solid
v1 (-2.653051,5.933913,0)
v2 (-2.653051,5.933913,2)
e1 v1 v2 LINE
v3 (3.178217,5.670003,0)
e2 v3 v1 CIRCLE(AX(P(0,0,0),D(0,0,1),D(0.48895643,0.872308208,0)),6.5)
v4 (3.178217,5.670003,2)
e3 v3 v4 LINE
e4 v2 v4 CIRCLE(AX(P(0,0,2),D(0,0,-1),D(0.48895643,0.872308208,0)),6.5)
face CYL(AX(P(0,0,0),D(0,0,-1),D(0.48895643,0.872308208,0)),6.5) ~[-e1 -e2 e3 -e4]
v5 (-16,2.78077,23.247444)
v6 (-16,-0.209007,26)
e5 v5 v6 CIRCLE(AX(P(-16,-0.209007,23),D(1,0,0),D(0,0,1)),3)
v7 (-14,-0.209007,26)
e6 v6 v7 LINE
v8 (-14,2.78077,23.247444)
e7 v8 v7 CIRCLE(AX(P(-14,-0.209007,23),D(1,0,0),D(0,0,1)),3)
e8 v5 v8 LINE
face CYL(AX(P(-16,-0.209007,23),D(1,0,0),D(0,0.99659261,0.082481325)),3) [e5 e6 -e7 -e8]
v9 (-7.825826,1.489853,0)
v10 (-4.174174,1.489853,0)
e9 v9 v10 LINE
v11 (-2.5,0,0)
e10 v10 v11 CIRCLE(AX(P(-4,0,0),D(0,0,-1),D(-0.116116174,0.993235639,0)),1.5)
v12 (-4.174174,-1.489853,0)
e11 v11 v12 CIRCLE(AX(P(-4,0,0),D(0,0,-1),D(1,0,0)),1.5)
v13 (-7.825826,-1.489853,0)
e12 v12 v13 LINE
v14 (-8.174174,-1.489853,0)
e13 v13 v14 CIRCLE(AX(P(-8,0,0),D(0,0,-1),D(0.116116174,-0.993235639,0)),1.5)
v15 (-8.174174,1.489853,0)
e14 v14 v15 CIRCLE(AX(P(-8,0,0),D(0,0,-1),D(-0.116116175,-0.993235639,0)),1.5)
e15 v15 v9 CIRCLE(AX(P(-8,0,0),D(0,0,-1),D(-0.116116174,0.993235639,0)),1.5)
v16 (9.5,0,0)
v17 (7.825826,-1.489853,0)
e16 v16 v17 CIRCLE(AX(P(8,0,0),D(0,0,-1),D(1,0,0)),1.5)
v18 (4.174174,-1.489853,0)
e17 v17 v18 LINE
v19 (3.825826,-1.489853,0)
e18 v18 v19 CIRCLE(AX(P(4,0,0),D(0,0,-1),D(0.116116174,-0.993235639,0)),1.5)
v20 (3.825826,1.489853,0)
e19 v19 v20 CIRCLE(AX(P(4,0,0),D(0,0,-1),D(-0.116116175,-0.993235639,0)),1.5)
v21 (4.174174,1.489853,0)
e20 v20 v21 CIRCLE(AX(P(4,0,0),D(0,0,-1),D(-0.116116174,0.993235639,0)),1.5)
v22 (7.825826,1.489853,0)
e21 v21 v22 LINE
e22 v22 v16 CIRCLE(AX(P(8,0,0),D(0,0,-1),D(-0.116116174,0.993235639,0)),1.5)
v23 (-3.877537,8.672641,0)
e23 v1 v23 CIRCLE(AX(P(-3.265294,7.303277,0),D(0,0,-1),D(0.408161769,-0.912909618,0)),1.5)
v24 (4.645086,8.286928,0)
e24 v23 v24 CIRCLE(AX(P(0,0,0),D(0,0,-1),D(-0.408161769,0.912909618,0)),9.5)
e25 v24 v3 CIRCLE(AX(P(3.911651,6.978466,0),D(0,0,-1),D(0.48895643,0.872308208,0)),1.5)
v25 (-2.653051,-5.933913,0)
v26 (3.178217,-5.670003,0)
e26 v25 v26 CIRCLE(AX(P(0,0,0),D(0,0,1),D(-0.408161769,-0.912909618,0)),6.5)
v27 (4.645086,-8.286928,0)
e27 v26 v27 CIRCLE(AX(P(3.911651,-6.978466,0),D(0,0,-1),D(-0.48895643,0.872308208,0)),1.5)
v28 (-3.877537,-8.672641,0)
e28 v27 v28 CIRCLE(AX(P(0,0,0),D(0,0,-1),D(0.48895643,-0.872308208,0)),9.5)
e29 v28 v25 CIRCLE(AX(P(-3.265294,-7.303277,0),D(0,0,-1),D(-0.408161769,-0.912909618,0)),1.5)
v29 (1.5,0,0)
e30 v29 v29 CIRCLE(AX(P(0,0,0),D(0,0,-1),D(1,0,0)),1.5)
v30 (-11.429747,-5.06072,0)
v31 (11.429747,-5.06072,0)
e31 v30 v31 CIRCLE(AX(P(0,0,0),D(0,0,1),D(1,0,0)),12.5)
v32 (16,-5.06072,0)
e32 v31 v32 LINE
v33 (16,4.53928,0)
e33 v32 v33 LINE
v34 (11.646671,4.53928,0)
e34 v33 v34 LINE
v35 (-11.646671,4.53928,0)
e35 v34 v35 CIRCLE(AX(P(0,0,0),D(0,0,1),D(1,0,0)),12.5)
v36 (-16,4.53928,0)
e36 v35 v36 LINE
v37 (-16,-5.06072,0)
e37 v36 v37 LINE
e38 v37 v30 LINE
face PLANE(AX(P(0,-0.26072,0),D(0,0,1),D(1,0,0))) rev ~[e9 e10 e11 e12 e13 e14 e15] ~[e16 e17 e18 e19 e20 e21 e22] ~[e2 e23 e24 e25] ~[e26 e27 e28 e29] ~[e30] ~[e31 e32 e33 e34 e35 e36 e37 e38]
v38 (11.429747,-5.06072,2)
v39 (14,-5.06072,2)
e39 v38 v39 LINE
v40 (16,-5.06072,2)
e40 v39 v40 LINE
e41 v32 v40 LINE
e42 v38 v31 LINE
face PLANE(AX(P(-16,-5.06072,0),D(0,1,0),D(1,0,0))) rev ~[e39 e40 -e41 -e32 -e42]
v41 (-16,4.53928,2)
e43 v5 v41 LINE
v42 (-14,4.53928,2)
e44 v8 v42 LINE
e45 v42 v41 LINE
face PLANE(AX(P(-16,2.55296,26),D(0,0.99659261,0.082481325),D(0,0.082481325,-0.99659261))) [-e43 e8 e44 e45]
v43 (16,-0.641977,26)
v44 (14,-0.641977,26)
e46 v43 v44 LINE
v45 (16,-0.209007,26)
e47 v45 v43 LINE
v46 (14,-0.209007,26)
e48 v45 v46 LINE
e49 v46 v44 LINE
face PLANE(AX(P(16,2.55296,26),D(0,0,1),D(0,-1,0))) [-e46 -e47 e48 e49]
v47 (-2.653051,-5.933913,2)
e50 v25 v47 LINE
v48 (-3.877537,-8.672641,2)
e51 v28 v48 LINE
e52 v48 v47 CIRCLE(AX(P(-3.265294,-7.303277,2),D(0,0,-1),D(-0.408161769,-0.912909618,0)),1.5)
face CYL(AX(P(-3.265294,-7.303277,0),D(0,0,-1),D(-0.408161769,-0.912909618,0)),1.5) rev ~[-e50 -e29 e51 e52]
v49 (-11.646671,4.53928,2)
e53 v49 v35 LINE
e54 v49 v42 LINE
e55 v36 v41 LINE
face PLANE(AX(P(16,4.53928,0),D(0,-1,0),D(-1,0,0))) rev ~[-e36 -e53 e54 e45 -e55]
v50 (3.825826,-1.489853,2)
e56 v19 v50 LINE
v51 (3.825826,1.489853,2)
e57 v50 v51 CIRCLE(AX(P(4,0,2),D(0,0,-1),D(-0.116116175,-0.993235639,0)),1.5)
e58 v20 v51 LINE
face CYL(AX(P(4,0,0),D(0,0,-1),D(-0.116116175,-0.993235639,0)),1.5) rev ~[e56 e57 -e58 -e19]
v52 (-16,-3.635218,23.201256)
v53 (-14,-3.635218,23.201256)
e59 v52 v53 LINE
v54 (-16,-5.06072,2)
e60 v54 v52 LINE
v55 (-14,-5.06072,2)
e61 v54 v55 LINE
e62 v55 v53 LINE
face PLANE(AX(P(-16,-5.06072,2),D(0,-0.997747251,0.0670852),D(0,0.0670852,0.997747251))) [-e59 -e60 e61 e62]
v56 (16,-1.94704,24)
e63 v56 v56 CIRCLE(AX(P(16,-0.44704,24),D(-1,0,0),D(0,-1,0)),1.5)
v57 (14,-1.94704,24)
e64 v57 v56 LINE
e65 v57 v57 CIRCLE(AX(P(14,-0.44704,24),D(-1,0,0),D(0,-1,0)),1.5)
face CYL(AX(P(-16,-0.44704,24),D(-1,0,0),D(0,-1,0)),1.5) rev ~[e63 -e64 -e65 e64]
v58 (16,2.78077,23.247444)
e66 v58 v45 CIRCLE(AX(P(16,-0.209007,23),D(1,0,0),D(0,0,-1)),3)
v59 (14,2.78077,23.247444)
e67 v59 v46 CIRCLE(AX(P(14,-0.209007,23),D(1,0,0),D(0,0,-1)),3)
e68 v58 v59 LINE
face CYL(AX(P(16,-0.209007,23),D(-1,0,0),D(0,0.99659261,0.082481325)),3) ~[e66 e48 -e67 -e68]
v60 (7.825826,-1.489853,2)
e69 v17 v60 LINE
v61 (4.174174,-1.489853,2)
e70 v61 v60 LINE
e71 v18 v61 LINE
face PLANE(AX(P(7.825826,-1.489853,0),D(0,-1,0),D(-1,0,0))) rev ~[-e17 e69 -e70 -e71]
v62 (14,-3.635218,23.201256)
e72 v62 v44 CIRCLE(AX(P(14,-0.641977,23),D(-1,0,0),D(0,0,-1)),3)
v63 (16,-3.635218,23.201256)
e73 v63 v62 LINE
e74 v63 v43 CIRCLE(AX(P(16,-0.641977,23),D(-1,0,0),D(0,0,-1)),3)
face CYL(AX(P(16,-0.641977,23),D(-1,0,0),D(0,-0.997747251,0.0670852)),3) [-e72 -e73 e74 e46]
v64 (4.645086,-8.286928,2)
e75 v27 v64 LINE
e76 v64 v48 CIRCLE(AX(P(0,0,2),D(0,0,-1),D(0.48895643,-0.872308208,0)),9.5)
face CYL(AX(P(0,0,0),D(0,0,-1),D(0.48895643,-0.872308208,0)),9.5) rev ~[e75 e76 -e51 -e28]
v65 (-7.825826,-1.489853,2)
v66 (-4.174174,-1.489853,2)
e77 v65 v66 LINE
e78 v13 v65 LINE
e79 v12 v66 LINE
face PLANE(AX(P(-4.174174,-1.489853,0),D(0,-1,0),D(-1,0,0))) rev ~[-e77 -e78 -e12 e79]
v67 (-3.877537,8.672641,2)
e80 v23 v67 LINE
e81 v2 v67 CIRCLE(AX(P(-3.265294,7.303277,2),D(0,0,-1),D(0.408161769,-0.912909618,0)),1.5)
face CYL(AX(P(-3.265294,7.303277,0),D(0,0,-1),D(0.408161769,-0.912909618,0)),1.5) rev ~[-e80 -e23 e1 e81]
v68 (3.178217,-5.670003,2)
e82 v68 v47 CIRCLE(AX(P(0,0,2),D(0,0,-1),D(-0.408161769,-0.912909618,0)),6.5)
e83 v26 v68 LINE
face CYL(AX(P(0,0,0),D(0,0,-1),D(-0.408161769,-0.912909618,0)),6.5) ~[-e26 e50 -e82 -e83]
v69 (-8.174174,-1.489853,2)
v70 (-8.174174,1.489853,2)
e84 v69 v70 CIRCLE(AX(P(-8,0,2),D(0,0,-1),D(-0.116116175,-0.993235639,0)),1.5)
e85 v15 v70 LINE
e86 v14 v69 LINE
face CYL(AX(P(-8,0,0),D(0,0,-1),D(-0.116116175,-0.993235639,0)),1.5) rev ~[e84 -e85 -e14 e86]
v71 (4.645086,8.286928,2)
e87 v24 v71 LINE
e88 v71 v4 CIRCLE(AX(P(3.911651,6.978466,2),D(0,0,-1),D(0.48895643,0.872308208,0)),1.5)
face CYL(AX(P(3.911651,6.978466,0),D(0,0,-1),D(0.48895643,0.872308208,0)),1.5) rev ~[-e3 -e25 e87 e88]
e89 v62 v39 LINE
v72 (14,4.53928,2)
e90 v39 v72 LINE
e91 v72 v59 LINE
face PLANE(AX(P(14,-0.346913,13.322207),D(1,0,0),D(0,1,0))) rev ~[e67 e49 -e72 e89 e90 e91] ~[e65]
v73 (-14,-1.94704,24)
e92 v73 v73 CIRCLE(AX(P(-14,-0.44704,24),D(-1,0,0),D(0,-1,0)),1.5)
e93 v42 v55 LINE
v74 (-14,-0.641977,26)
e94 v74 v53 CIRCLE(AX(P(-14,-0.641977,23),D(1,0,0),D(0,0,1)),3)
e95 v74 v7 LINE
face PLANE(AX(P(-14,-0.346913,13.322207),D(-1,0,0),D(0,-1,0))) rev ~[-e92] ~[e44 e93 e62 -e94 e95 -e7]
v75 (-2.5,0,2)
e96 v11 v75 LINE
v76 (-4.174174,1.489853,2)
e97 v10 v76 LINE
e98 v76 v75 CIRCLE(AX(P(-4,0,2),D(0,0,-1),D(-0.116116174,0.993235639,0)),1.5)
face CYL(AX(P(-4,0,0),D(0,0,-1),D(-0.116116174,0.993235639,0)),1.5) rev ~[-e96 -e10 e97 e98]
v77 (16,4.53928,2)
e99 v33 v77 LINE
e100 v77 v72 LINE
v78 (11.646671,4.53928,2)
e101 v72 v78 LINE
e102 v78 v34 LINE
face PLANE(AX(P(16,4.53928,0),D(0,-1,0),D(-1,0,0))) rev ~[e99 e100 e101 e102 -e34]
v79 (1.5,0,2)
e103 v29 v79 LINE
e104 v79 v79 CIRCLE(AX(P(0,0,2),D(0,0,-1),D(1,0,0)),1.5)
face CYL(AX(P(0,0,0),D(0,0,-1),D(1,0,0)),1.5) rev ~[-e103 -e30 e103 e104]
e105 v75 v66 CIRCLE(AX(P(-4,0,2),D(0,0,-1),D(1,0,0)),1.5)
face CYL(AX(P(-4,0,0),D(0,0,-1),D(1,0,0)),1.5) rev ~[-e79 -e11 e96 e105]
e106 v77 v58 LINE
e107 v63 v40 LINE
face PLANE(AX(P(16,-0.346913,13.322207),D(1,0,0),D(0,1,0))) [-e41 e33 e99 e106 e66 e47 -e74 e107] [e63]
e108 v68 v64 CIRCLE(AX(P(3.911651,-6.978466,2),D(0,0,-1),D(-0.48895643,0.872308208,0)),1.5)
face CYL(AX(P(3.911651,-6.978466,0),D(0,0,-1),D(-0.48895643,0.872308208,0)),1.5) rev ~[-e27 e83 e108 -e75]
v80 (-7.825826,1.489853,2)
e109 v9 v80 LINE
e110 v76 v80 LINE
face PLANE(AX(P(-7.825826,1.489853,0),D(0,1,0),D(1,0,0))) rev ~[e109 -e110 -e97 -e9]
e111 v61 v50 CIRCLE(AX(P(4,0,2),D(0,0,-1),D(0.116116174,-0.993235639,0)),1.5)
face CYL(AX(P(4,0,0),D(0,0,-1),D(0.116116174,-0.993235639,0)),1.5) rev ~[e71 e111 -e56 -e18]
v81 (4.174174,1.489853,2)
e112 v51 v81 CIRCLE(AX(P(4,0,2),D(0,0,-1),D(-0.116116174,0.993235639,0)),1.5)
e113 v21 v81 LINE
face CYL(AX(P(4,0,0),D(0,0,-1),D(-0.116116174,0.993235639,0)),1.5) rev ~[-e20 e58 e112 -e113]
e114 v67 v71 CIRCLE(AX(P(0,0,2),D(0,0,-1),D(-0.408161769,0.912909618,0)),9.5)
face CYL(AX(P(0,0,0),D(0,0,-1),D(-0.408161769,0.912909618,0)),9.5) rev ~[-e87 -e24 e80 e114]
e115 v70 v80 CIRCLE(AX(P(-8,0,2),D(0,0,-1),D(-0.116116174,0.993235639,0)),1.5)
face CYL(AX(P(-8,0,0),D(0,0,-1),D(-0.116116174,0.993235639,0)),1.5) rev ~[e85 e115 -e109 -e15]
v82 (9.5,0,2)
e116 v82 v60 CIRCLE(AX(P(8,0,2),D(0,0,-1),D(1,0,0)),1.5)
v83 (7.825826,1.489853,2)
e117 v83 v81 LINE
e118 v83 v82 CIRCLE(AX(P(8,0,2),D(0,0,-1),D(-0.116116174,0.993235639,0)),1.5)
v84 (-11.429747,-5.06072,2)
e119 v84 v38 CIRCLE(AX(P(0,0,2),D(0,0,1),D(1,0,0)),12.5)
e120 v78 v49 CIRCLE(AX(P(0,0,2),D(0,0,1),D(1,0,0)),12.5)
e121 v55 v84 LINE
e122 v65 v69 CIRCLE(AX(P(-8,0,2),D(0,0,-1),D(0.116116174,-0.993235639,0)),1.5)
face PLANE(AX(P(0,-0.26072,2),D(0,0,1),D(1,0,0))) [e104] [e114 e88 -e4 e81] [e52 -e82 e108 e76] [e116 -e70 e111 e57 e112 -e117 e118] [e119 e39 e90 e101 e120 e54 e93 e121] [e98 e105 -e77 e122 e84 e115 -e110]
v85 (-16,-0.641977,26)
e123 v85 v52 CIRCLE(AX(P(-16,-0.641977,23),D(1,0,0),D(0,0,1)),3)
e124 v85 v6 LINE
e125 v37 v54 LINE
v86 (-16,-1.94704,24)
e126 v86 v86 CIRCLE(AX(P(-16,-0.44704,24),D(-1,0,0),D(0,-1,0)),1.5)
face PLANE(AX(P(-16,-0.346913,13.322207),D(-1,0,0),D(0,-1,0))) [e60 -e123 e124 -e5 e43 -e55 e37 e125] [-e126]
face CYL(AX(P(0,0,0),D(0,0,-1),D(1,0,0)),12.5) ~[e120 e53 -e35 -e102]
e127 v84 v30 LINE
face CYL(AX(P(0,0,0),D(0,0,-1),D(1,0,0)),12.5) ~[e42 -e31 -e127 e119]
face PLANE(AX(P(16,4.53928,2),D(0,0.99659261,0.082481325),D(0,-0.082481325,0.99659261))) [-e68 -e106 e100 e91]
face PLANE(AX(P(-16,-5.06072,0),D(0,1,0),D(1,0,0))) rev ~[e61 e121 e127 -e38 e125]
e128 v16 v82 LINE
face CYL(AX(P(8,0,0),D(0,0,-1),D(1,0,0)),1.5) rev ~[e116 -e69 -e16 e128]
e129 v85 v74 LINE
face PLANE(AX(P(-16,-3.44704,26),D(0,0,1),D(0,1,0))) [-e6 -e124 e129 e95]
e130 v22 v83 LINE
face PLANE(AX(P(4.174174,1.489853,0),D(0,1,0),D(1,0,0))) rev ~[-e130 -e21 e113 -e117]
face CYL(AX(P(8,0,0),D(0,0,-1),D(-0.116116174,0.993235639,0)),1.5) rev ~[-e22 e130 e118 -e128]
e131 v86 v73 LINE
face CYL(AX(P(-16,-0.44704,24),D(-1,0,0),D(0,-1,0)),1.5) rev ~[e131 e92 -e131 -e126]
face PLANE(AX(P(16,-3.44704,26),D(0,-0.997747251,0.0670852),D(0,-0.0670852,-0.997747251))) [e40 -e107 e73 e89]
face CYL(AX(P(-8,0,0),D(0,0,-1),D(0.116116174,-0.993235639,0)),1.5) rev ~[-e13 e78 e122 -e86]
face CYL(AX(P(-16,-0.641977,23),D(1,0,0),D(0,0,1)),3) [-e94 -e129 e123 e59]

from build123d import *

# Parameters (mm, degrees)
F0_R      = 12.5
F2_DEPTH  = 2
F3_DEPTH  = 2
F6_DEPTH  = 2
F7_DEPTH  = 2
F9_R      = 3
F8_R      = 1.5
F10_DEPTH = 50
F13_DEPTH = 25
F14_R     = 1.5
F15_DEPTH = 4


with BuildPart() as f2:
    # F0 (on Top) → F2 (new body)
    with BuildSketch(Plane.XY):
        Circle(F0_R)
    extrude(amount=F2_DEPTH)

    # F1 (on Top) → F3 (join)
    with BuildSketch(Plane.XY):
        Polygon((-16, 4.5392797553), (-16, 0), (-16, -5.0607202447), (16, -5.0607202447), (16, 4.5392797553), align=None)
    extrude(amount=F3_DEPTH)

    # F4 (on face) → F6 (join)
    with BuildSketch(Plane.YZ.offset(16)):
        Polygon((-3.447040217, 26), (-5.0607202447, 2), (4.5392797553, 2), (2.552959783, 26), align=None)
    extrude(amount=-F6_DEPTH)

    # F5 (on face) → F7 (join)
    with BuildSketch(Plane(origin=(-16, 0, 0), x_dir=(0, -1, 0), z_dir=(-1, 0, 0))):
        Polygon((-2.552959783, 26), (-4.5392797553, 2), (5.0607202447, 2), (3.447040217, 26), align=None)
    extrude(amount=-F7_DEPTH)

    # F9
    f9_edges = [f2.edges().sort_by_distance(p)[0] for p in [
        (-15, 2.55296, 26),
        (-15, -3.44704, 26),
        (15, 2.55296, 26),
        (15, -3.44704, 26),
    ]]
    fillet(f9_edges, radius=F9_R)

    # F8 (on face) → F10 (cut)
    with BuildSketch(Plane(origin=(-16, 0, 0), x_dir=(0, -1, 0), z_dir=(-1, 0, 0))):
        with Locations((0.447040217, 24)):
            Circle(F8_R)
    extrude(amount=-F10_DEPTH, mode=Mode.SUBTRACT)

    # F12 (on face) → F13 (cut)
    with BuildSketch(Plane(origin=(0, 0, 0), x_dir=(1, 0, 0), z_dir=(0, 0, -1))):
        with BuildLine():
            ThreePointArc((-3.8775368017, 8.6726413711), (-4.6346585758, 6.6910342912), (-2.6530514959, 5.933912517))
            ThreePointArc((-2.6530514959, 5.933912517), (0.2938735431, 6.4933533972), (3.1782167937, 5.670003352))
            ThreePointArc((3.1782167937, 5.670003352), (5.2201137504, 6.2450310193), (4.6450860831, 8.286927976))
            ThreePointArc((4.6450860831, 8.286927976), (0.4295074861, 9.4902857343), (-3.8775368017, 8.6726413711))
        make_face()
        with BuildLine():
            ThreePointArc((-2.6530514959, -5.933912517), (-4.6346585758, -6.6910342912), (-3.8775368017, -8.6726413711))
            ThreePointArc((-3.8775368017, -8.6726413711), (0.4295074861, -9.4902857343), (4.6450860831, -8.286927976))
            ThreePointArc((4.6450860831, -8.286927976), (5.2201137504, -6.2450310193), (3.1782167937, -5.670003352))
            ThreePointArc((3.1782167937, -5.670003352), (0.2938735431, -6.4933533972), (-2.6530514959, -5.933912517))
        make_face()
    extrude(amount=-F13_DEPTH, mode=Mode.SUBTRACT)

    # F14 (on face) → F15 (cut)
    with BuildSketch(Plane(origin=(0, 0, 0), x_dir=(1, 0, 0), z_dir=(0, 0, -1))):
        with BuildLine():
            ThreePointArc((-4.1741742618, -1.4898534581), (-3.0028193225, -1.1205492833), (-2.5, 0))
            ThreePointArc((-2.5, 0), (-3.0028193225, 1.1205492833), (-4.1741742618, 1.4898534581))
            Line((-4.1741742618, 1.4898534581), (-4.1741742618, -1.4898534581))
        make_face()
        with BuildLine():
            Line((-4.1741742618, -1.4898534581), (-4.1741742618, 1.4898534581))
            ThreePointArc((-4.1741742618, 1.4898534581), (-5.5, 0), (-4.1741742618, -1.4898534581))
        make_face()
        with BuildLine():
            ThreePointArc((-4.1741742618, -1.4898534581), (-5.5, 0), (-4.1741742618, 1.4898534581))
            Line((-4.1741742618, 1.4898534581), (-7.8258257382, 1.4898534581))
            ThreePointArc((-7.8258257382, 1.4898534581), (-6.8794507167, 0.9971806775), (-6.5, 0))
            ThreePointArc((-6.5, 0), (-6.8794507167, -0.9971806775), (-7.8258257382, -1.4898534581))
            Line((-7.8258257382, -1.4898534581), (-4.1741742618, -1.4898534581))
        make_face()
        with BuildLine():
            Line((-8.1741742618, 1.4898534581), (-7.8258257382, 1.4898534581))
            ThreePointArc((-7.8258257382, 1.4898534581), (-8, 1.5), (-8.1741742618, 1.4898534581))
        make_face()
        with BuildLine():
            ThreePointArc((-6.5, 0), (-6.8794507167, 0.9971806775), (-7.8258257382, 1.4898534581))
            Line((-7.8258257382, 1.4898534581), (-8.1741742618, 1.4898534581))
            Line((-8.1741742618, 1.4898534581), (-8.1741742618, -1.4898534581))
            Line((-8.1741742618, -1.4898534581), (-7.8258257382, -1.4898534581))
            ThreePointArc((-7.8258257382, -1.4898534581), (-6.8794507167, -0.9971806775), (-6.5, 0))
        make_face()
        with BuildLine():
            ThreePointArc((-8.1741742618, -1.4898534581), (-8, -1.5), (-7.8258257382, -1.4898534581))
            Line((-7.8258257382, -1.4898534581), (-8.1741742618, -1.4898534581))
        make_face()
        with BuildLine():
            Line((-8.1741742618, -1.4898534581), (-8.1741742618, 1.4898534581))
            ThreePointArc((-8.1741742618, 1.4898534581), (-9.5, 0), (-8.1741742618, -1.4898534581))
        make_face()
        with BuildLine():
            ThreePointArc((4.1741742618, 1.4898534581), (4, 1.5), (3.8258257382, 1.4898534581))
            Line((3.8258257382, 1.4898534581), (4.1741742618, 1.4898534581))
        make_face()
        with BuildLine():
            Line((3.8258257382, -1.4898534581), (3.8258257382, 1.4898534581))
            ThreePointArc((3.8258257382, 1.4898534581), (2.5, 0), (3.8258257382, -1.4898534581))
        make_face()
        with BuildLine():
            Line((4.1741742618, 1.4898534581), (3.8258257382, 1.4898534581))
            Line((3.8258257382, 1.4898534581), (3.8258257382, -1.4898534581))
            Line((3.8258257382, -1.4898534581), (4.1741742618, -1.4898534581))
            ThreePointArc((4.1741742618, -1.4898534581), (5.1205492833, -0.9971806775), (5.5, 0))
            ThreePointArc((5.5, 0), (5.1205492833, 0.9971806775), (4.1741742618, 1.4898534581))
        make_face()
        with BuildLine():
            Line((7.8258257382, 1.4898534581), (4.1741742618, 1.4898534581))
            ThreePointArc((4.1741742618, 1.4898534581), (5.1205492833, 0.9971806775), (5.5, 0))
            ThreePointArc((5.5, 0), (5.1205492833, -0.9971806775), (4.1741742618, -1.4898534581))
            Line((4.1741742618, -1.4898534581), (7.8258257382, -1.4898534581))
            ThreePointArc((7.8258257382, -1.4898534581), (6.5, 0), (7.8258257382, 1.4898534581))
        make_face()
        with BuildLine():
            Line((4.1741742618, -1.4898534581), (3.8258257382, -1.4898534581))
            ThreePointArc((3.8258257382, -1.4898534581), (4, -1.5), (4.1741742618, -1.4898534581))
        make_face()
        with BuildLine():
            Line((7.8258257382, -1.4898534581), (7.8258257382, 1.4898534581))
            ThreePointArc((7.8258257382, 1.4898534581), (6.5, 0), (7.8258257382, -1.4898534581))
        make_face()
        with BuildLine():
            ThreePointArc((9.5, 0), (8.9971806775, 1.1205492833), (7.8258257382, 1.4898534581))
            Line((7.8258257382, 1.4898534581), (7.8258257382, -1.4898534581))
            ThreePointArc((7.8258257382, -1.4898534581), (8.9971806775, -1.1205492833), (9.5, 0))
        make_face()
        Circle(F14_R)
    extrude(amount=-F15_DEPTH, mode=Mode.SUBTRACT)


solid = f2.part
